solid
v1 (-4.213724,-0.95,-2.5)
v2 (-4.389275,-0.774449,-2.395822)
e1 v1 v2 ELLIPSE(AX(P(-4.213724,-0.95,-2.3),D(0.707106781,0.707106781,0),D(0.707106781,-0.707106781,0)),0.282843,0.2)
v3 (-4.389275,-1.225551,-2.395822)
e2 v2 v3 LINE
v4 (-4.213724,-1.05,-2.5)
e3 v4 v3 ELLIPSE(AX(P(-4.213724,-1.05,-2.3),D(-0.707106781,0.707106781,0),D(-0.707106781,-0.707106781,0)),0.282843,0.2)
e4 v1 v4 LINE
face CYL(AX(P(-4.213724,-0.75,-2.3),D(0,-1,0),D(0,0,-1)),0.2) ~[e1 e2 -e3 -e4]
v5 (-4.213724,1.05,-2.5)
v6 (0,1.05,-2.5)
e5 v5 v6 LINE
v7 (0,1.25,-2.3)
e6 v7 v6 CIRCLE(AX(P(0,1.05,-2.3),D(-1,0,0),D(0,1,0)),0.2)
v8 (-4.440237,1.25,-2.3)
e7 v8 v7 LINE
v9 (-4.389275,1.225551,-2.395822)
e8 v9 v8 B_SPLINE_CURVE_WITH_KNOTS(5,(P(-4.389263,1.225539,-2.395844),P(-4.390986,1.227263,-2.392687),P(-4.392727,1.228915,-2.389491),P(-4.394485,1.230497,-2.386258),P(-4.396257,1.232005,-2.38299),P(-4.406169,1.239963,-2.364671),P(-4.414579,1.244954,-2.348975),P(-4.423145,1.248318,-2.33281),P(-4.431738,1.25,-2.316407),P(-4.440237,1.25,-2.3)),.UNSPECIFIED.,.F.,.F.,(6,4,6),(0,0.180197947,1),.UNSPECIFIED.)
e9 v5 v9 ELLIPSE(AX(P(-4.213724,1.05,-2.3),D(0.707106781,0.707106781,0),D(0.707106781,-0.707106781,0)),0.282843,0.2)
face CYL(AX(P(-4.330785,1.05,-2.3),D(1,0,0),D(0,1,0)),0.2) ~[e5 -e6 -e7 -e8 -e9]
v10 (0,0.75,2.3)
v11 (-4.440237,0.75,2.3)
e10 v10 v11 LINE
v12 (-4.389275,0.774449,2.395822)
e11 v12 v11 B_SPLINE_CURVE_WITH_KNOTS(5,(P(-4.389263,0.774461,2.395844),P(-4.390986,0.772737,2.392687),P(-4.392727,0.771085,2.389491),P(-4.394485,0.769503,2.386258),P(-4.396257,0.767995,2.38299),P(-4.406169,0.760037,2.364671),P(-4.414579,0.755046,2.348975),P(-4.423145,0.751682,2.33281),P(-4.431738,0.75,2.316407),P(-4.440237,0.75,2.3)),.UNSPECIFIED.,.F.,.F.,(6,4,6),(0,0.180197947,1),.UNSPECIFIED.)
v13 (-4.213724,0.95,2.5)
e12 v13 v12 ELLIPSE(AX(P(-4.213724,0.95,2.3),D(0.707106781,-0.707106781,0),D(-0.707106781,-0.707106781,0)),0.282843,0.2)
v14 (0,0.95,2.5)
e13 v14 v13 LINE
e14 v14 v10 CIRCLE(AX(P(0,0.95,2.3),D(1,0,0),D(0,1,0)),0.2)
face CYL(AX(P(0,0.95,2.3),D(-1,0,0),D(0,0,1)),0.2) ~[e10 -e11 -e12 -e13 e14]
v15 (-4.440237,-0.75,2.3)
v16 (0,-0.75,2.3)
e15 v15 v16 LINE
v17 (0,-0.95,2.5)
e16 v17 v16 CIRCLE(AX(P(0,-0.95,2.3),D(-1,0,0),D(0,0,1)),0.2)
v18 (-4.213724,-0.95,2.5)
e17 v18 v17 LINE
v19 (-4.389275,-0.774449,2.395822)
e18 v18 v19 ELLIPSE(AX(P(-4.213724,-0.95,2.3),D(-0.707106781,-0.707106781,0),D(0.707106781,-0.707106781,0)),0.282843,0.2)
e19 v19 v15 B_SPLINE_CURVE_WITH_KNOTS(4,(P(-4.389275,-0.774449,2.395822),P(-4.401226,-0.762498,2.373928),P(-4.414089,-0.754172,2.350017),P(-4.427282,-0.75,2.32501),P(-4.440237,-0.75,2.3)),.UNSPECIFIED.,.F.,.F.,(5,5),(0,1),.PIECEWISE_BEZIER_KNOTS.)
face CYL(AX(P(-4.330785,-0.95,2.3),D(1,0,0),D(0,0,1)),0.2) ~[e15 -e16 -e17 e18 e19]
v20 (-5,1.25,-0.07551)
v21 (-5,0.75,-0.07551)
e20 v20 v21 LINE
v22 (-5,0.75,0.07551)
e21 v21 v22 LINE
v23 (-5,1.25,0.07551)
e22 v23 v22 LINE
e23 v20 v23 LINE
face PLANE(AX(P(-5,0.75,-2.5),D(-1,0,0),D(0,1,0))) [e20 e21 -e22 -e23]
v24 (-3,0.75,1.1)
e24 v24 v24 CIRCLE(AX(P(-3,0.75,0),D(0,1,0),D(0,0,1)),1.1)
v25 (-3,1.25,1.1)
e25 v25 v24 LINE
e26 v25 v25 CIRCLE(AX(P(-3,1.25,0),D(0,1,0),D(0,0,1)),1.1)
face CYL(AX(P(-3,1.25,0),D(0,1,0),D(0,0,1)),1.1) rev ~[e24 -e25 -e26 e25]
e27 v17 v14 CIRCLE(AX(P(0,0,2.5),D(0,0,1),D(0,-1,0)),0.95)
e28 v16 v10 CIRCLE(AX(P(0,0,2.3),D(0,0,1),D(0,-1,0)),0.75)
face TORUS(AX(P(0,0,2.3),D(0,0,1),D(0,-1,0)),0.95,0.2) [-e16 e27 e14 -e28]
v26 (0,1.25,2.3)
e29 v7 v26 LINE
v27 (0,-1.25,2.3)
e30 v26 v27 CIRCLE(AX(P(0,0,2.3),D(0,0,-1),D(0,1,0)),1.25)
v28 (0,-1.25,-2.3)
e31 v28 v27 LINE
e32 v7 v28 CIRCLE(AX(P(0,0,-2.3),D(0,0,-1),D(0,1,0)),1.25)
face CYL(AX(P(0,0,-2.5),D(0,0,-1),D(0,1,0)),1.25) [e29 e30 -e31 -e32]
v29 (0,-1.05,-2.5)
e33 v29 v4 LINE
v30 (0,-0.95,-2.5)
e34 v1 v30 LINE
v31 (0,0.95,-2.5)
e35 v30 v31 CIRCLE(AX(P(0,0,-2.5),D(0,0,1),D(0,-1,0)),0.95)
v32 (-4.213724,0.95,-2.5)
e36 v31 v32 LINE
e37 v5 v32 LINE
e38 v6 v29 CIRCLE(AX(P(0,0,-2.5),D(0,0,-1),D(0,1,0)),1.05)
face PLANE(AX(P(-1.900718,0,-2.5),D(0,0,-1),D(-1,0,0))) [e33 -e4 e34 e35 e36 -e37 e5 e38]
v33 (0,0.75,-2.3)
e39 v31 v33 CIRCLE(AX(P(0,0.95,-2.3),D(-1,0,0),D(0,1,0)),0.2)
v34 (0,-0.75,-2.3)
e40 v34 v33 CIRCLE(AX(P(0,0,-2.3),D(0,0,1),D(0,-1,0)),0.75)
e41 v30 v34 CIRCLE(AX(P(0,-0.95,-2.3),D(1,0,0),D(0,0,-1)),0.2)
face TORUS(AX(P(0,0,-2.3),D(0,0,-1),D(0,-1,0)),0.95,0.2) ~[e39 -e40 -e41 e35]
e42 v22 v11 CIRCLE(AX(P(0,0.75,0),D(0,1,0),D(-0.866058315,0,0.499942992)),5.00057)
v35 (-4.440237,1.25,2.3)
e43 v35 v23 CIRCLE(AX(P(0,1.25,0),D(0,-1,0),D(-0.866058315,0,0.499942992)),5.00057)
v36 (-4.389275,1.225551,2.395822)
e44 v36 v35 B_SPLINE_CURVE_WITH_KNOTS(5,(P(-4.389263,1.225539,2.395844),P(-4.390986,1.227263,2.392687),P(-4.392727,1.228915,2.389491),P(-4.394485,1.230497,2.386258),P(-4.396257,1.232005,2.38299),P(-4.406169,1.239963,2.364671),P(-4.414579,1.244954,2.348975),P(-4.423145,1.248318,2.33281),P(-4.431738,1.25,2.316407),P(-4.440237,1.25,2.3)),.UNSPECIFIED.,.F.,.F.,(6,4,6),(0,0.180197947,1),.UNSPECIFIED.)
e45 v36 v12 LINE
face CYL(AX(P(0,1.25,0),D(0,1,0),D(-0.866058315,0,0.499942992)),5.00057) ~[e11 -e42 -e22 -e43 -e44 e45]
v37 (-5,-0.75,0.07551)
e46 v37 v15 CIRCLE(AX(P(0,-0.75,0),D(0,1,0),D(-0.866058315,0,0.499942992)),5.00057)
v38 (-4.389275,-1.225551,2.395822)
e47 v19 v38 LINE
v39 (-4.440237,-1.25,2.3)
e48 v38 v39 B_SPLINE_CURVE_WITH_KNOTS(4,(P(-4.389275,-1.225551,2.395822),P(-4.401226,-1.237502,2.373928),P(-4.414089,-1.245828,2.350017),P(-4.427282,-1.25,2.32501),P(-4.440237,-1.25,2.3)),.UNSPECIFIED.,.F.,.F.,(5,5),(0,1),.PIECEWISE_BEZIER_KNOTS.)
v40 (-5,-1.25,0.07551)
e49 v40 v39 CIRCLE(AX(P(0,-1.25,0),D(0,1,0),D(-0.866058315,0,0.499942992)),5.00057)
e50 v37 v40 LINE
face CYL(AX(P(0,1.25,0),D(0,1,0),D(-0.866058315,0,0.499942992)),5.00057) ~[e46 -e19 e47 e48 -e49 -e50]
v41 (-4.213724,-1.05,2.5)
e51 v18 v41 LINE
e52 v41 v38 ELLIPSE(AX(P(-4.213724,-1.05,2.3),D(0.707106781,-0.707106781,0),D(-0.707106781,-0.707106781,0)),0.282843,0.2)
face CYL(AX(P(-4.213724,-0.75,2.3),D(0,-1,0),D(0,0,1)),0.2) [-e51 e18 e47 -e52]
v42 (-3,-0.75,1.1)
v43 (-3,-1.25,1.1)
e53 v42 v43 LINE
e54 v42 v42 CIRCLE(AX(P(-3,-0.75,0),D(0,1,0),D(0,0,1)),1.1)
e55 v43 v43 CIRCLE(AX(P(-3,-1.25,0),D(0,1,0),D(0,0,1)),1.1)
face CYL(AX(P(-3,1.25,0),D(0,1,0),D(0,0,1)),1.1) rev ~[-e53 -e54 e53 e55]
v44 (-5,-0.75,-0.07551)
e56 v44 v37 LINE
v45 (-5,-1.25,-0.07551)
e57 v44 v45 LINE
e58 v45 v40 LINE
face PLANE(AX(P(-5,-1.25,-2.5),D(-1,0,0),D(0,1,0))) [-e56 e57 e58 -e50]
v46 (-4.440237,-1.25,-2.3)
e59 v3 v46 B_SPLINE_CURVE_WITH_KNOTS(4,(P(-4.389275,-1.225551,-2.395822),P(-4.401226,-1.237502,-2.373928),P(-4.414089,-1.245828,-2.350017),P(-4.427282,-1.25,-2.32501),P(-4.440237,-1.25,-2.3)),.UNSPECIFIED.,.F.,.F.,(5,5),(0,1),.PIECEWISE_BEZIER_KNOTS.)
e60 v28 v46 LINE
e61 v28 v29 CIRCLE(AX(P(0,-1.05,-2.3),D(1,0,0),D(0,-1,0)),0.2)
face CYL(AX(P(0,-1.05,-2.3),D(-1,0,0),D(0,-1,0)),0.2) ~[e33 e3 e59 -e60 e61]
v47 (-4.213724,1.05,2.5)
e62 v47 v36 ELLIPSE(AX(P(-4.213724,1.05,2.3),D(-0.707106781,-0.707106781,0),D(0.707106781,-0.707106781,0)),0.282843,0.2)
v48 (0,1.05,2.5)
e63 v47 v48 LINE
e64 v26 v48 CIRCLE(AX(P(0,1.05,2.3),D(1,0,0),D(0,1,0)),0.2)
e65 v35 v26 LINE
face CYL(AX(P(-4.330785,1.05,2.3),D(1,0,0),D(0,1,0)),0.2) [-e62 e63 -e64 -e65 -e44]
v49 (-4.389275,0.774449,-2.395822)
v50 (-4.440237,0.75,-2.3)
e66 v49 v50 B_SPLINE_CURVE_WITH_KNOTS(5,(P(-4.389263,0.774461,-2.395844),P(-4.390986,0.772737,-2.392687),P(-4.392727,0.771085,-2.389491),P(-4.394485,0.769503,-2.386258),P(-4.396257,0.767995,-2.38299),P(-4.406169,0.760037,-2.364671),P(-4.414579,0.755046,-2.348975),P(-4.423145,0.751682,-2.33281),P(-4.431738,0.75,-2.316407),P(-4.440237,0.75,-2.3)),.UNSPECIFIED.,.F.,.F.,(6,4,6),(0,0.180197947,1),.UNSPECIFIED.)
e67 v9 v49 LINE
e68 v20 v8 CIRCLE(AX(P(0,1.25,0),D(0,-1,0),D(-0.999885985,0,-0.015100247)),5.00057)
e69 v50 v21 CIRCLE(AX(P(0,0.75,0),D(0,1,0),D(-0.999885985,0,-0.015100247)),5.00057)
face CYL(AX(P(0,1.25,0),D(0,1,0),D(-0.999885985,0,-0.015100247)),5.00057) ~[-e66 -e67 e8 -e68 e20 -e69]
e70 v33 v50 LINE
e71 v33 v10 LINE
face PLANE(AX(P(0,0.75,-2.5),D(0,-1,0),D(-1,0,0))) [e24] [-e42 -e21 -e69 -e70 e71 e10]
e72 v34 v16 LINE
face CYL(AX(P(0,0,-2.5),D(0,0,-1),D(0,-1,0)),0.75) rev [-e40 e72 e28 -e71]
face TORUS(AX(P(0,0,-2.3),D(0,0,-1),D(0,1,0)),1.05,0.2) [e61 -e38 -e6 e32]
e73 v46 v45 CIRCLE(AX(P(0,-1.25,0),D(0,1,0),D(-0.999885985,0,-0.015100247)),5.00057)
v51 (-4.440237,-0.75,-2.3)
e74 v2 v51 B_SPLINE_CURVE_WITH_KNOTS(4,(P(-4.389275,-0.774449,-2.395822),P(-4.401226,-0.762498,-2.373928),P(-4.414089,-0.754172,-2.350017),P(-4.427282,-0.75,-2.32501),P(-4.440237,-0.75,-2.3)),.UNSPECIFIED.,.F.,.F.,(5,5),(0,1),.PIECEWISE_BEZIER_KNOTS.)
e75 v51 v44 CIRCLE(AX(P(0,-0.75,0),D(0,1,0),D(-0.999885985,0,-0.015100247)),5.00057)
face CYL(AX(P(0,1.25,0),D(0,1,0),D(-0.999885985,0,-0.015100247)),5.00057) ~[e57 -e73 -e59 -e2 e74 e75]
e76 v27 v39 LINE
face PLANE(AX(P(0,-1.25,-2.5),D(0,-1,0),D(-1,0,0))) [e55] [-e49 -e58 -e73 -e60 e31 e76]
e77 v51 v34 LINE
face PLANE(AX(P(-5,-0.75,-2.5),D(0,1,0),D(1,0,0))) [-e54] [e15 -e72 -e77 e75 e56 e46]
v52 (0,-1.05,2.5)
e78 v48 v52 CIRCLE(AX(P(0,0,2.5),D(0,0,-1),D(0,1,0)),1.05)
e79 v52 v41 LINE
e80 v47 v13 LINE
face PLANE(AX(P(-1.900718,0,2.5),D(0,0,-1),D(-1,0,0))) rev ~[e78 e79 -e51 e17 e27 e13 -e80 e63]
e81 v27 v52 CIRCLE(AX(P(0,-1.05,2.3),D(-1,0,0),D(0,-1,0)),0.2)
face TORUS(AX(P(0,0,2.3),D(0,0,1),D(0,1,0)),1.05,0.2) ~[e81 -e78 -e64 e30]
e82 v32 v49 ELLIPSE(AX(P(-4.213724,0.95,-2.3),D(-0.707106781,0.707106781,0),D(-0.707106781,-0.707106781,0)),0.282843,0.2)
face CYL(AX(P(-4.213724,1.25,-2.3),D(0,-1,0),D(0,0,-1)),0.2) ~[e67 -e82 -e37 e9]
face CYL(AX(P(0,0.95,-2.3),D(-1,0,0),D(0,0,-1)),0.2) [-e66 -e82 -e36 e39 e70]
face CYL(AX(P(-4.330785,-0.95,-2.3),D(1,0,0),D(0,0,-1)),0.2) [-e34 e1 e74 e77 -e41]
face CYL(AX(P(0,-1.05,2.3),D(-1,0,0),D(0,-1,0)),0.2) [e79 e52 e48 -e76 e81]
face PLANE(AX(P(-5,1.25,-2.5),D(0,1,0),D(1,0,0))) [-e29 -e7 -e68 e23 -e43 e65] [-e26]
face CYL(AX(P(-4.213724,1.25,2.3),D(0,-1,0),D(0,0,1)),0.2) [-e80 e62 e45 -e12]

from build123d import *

# Parameters (mm, degrees)
SALIENTE_EXTRUIR1_DEPTH      = 2.5
SALIENTE_EXTRUIR1_DEPTH_BACK = 2.5
CROQUIS2_R                   = 1.1
CORTAR_EXTRUIR1_DEPTH        = 7.123724357
REDONDEO1_R                  = 0.2
REDONDEO2_R                  = 0.2


with BuildPart() as part:
    # Croquis1 → Saliente-Extruir1 (new, two sides: drawn at the far end of the back side and taken through both)
    with BuildSketch(Plane.XY.offset(-SALIENTE_EXTRUIR1_DEPTH_BACK)):
        with BuildLine():
            Line((-5, 1.25), (0, 1.25))
            ThreePointArc((0, 1.25), (1.25, 0), (0, -1.25))
            Line((0, -1.25), (-5, -1.25))
            Line((-5, -1.25), (-5, -0.75))
            Line((-5, -0.75), (0, -0.75))
            ThreePointArc((0, -0.75), (0.75, 0), (0, 0.75))
            Line((0, 0.75), (-5, 0.75))
            Line((-5, 0.75), (-5, 1.25))
        make_face()
    extrude(amount=SALIENTE_EXTRUIR1_DEPTH + SALIENTE_EXTRUIR1_DEPTH_BACK)

    # Croquis2 → Cortar-Extruir1 (cut, through all)
    with BuildSketch(Plane(origin=(0, 1.25, 0), x_dir=(1, 0, 0), z_dir=(0, 1, 0))):
        with BuildLine():
            Line((-5, 2.5), (-5, 0.075509846))
            ThreePointArc((-5, 0.075509846), (-4.820313987, 1.330516743), (-4.330785349, 2.5))
            Line((-4.330785349, 2.5), (-5, 2.5))
        make_face()
        with BuildLine():
            ThreePointArc((-4.330785349, -2.5), (-4.820313987, -1.330516743), (-5, -0.075509846))
            Line((-5, -0.075509846), (-5, -2.5))
            Line((-5, -2.5), (-4.330785349, -2.5))
        make_face()
        with Locations((-3, 0)):
            Circle(CROQUIS2_R)
    extrude(amount=-CORTAR_EXTRUIR1_DEPTH, mode=Mode.SUBTRACT)

    # Redondeo1
    redondeo1_edges = [part.edges().sort_by_distance(p)[0] for p in [
        (-2.165392674, -0.75, 2.5),
        (0.75, 0, 2.5),
        (-2.165392674, 0.75, 2.5),
        (-4.330785349, 1, 2.5),
        (-2.165392674, 1.25, 2.5),
        (1.25, 0, 2.5),
        (-2.165392674, -1.25, 2.5),
        (-4.330785349, -1, 2.5),
    ]]
    fillet(redondeo1_edges, radius=REDONDEO1_R)

    # Redondeo2
    redondeo2_edges = [part.edges().sort_by_distance(p)[0] for p in [
        (-2.165392674, 0.75, -2.5),
        (0.75, 0, -2.5),
        (-2.165392674, -0.75, -2.5),
        (-4.330785349, -1, -2.5),
        (-2.165392674, -1.25, -2.5),
        (1.25, 0, -2.5),
        (-2.165392674, 1.25, -2.5),
        (-4.330785349, 1, -2.5),
    ]]
    fillet(redondeo2_edges, radius=REDONDEO2_R)


solid = part.part
